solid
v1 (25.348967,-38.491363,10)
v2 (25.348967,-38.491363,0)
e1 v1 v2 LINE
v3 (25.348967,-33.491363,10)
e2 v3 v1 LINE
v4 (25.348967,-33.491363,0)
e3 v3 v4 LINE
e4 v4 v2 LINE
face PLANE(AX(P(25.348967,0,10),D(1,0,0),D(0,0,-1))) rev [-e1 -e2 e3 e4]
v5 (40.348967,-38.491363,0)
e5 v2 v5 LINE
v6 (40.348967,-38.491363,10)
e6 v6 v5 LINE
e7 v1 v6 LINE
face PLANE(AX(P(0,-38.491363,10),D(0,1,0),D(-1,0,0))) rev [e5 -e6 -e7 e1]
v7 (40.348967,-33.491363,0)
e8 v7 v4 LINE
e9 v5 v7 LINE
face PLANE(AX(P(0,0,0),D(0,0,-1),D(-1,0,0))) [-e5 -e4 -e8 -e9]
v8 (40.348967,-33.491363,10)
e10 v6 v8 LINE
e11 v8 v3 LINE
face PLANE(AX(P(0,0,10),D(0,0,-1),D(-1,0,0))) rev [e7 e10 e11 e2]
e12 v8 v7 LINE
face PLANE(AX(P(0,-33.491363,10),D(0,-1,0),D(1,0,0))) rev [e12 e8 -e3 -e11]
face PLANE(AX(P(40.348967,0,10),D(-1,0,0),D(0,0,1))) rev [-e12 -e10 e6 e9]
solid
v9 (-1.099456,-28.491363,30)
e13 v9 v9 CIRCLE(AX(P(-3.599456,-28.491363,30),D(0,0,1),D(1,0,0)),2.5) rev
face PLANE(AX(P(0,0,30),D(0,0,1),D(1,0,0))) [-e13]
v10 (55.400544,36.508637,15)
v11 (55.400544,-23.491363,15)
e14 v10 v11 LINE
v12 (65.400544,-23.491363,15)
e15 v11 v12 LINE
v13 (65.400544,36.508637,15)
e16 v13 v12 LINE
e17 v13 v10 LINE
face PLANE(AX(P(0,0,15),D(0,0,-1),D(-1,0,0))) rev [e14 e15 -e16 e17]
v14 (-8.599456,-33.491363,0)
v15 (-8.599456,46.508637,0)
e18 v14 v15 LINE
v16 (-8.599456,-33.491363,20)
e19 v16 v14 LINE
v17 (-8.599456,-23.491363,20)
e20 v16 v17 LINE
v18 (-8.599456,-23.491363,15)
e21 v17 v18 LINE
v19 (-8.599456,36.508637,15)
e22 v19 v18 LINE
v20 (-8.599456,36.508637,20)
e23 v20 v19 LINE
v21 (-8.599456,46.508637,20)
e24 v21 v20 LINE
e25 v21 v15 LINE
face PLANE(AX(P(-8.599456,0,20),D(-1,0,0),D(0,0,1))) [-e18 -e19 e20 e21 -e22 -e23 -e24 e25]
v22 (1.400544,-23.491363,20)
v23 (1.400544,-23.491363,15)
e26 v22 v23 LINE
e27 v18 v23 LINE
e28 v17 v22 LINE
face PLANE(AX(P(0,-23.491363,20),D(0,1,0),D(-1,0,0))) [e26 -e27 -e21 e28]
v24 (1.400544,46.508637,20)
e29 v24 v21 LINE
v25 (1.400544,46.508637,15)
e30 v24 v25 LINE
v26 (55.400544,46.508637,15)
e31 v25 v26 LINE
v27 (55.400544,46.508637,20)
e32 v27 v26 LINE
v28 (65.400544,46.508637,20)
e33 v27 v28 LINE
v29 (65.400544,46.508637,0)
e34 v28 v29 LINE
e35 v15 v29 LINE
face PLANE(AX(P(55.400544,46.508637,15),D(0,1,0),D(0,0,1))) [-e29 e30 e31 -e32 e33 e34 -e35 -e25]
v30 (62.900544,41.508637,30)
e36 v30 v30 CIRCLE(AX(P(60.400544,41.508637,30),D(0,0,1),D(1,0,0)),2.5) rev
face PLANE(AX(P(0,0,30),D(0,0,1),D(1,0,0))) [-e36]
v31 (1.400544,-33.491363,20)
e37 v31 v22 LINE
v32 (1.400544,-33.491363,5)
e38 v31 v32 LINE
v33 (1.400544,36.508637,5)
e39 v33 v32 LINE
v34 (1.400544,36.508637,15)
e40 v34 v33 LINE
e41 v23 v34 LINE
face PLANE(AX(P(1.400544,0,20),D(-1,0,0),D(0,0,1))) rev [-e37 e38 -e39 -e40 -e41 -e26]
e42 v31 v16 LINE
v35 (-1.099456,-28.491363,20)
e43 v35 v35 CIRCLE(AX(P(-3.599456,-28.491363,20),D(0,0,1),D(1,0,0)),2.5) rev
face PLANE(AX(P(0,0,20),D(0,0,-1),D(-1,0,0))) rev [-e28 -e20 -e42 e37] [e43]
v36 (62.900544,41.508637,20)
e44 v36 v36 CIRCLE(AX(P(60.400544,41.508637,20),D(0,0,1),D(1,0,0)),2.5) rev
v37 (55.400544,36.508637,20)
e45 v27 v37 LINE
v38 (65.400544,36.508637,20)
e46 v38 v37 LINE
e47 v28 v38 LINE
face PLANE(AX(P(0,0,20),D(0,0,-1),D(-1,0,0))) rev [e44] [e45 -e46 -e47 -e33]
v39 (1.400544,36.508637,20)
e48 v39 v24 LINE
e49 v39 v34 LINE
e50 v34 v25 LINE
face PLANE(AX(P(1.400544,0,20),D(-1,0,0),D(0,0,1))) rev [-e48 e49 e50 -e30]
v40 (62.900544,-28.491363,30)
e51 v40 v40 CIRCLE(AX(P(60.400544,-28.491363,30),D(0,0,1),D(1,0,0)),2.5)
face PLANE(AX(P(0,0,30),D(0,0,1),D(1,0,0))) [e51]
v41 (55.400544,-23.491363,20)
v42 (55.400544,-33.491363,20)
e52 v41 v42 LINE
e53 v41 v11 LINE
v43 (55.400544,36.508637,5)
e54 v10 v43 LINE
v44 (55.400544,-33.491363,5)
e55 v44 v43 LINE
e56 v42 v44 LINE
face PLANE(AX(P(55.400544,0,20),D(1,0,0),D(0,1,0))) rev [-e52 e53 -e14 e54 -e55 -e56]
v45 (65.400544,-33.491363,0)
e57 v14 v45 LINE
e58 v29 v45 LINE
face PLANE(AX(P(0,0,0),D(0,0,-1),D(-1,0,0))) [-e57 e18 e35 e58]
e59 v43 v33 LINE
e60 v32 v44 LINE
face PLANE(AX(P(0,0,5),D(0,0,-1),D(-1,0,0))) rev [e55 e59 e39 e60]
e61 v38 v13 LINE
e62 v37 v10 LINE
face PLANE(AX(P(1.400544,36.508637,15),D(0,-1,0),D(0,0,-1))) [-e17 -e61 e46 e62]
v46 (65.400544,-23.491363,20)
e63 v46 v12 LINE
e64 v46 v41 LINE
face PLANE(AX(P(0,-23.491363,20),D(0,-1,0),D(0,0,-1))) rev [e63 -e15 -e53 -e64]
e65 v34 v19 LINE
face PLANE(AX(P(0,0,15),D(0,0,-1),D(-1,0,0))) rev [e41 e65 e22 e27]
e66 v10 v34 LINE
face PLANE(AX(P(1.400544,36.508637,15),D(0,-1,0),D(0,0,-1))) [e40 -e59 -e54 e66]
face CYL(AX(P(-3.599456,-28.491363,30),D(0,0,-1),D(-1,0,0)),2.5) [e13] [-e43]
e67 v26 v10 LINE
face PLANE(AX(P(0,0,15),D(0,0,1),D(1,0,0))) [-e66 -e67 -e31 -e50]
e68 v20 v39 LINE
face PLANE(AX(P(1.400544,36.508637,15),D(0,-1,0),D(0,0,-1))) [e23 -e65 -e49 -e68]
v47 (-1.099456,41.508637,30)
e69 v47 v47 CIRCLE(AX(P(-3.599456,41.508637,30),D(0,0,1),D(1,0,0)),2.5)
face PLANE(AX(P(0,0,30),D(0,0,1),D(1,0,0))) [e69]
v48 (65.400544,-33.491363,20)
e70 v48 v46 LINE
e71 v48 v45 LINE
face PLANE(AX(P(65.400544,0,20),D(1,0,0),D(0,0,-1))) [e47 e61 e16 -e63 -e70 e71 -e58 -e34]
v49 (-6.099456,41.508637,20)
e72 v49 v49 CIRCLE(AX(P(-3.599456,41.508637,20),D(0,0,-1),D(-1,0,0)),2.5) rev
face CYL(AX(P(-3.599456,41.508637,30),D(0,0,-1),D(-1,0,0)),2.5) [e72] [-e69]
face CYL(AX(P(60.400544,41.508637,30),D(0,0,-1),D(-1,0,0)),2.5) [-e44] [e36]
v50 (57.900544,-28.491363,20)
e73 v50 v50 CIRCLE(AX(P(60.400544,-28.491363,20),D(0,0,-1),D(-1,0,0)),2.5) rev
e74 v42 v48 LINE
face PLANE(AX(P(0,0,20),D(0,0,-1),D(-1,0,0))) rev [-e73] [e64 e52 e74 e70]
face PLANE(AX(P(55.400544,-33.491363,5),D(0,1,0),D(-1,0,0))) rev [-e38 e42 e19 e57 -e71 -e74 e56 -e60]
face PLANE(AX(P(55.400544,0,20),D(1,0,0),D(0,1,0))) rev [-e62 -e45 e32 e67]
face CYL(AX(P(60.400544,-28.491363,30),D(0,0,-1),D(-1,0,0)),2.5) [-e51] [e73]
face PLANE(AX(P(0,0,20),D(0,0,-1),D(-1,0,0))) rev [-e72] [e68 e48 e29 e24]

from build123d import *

# Parameters (mm, degrees)
CROQUIS1_W               = 54
CROQUIS1_H               = 70
SALIENTE_EXTRUIR1_DEPTH  = 5
CROQUIS4_W               = 54
CROQUIS4_H               = 10
SALIENTE_EXTRUIR5_DEPTH  = 15
CROQUIS5_W               = 10
CROQUIS5_H               = 10
SALIENTE_EXTRUIR6_DEPTH  = 20
CROQUIS6_W               = 15
CROQUIS6_H               = 5
SALIENTE_EXTRUIR7_DEPTH  = 10
CROQUIS8_W               = 10
CROQUIS8_H               = 60
SALIENTE_EXTRUIR9_DEPTH  = 15
CROQUIS9_R               = 2.5
SALIENTE_EXTRUIR10_DEPTH = 10


with BuildPart() as part:
    # Croquis1 → Saliente-Extruir1 (new body)
    with BuildSketch(Plane.XY):
        with Locations((28.400543811, 1.50863747)):
            Rectangle(CROQUIS1_W, CROQUIS1_H)
    extrude(amount=SALIENTE_EXTRUIR1_DEPTH)

    # Croquis4 → Saliente-Extruir5 (add)
    with BuildSketch(Plane(origin=(0, 0, 0), x_dir=(-1, 0, 0), z_dir=(0, 0, -1))):
        with Locations((-28.400543811, 41.50863747)):
            Rectangle(CROQUIS4_W, CROQUIS4_H)
    extrude(amount=-SALIENTE_EXTRUIR5_DEPTH)

    # Croquis5 → Saliente-Extruir6 (add)
    with BuildSketch(Plane(origin=(0, 0, 0), x_dir=(-1, 0, 0), z_dir=(0, 0, -1))):
        with Locations((-60.400543811, 41.50863747)):
            Rectangle(CROQUIS5_W, CROQUIS5_H)
        with Locations((-60.400543811, -28.49136253)):
            Rectangle(CROQUIS5_W, CROQUIS5_H)
        with Locations((3.599456189, -28.49136253)):
            Rectangle(CROQUIS5_W, CROQUIS5_H)
        with Locations((3.599456189, 41.50863747)):
            Rectangle(CROQUIS5_W, CROQUIS5_H)
    extrude(amount=-SALIENTE_EXTRUIR6_DEPTH)

    # Croquis8 → Saliente-Extruir9 (add)
    with BuildSketch(Plane(origin=(0, 0, 0), x_dir=(-1, 0, 0), z_dir=(0, 0, -1))):
        with Locations((-60.400543811, 6.50863747)):
            Rectangle(CROQUIS8_W, CROQUIS8_H)
        with Locations((3.599456189, 6.50863747)):
            Rectangle(CROQUIS8_W, CROQUIS8_H)
    extrude(amount=-SALIENTE_EXTRUIR9_DEPTH)

    # Croquis9 → Saliente-Extruir10 (add)
    with BuildSketch(Plane.XY.offset(20)):
        with BuildLine():
            ThreePointArc((-1.099456189, 41.50863747), (-3.599456189, 44.00863747), (-6.099456189, 41.50863747))
            Line((-6.099456189, 41.50863747), (-1.099456189, 41.50863747))
        make_face()
        with BuildLine():
            Line((-1.099456189, 41.50863747), (-6.099456189, 41.50863747))
            ThreePointArc((-6.099456189, 41.50863747), (-3.599456189, 39.00863747), (-1.099456189, 41.50863747))
        make_face()
        with Locations((60.400543811, 41.50863747)):
            Circle(CROQUIS9_R)
        with Locations((60.400543811, -28.49136253)):
            Circle(CROQUIS9_R)
        with Locations((-3.599456189, -28.49136253)):
            Circle(CROQUIS9_R)
    extrude(amount=SALIENTE_EXTRUIR10_DEPTH)


with BuildPart() as body_2:
    # Croquis6 → Saliente-Extruir7 (new body)
    with BuildSketch(Plane(origin=(0, 0, 0), x_dir=(-1, 0, 0), z_dir=(0, 0, -1))):
        with Locations((-32.848967284, -35.99136253)):
            Rectangle(CROQUIS6_W, CROQUIS6_H)
    extrude(amount=-SALIENTE_EXTRUIR7_DEPTH)


solid = Compound([part.part, body_2.part])
